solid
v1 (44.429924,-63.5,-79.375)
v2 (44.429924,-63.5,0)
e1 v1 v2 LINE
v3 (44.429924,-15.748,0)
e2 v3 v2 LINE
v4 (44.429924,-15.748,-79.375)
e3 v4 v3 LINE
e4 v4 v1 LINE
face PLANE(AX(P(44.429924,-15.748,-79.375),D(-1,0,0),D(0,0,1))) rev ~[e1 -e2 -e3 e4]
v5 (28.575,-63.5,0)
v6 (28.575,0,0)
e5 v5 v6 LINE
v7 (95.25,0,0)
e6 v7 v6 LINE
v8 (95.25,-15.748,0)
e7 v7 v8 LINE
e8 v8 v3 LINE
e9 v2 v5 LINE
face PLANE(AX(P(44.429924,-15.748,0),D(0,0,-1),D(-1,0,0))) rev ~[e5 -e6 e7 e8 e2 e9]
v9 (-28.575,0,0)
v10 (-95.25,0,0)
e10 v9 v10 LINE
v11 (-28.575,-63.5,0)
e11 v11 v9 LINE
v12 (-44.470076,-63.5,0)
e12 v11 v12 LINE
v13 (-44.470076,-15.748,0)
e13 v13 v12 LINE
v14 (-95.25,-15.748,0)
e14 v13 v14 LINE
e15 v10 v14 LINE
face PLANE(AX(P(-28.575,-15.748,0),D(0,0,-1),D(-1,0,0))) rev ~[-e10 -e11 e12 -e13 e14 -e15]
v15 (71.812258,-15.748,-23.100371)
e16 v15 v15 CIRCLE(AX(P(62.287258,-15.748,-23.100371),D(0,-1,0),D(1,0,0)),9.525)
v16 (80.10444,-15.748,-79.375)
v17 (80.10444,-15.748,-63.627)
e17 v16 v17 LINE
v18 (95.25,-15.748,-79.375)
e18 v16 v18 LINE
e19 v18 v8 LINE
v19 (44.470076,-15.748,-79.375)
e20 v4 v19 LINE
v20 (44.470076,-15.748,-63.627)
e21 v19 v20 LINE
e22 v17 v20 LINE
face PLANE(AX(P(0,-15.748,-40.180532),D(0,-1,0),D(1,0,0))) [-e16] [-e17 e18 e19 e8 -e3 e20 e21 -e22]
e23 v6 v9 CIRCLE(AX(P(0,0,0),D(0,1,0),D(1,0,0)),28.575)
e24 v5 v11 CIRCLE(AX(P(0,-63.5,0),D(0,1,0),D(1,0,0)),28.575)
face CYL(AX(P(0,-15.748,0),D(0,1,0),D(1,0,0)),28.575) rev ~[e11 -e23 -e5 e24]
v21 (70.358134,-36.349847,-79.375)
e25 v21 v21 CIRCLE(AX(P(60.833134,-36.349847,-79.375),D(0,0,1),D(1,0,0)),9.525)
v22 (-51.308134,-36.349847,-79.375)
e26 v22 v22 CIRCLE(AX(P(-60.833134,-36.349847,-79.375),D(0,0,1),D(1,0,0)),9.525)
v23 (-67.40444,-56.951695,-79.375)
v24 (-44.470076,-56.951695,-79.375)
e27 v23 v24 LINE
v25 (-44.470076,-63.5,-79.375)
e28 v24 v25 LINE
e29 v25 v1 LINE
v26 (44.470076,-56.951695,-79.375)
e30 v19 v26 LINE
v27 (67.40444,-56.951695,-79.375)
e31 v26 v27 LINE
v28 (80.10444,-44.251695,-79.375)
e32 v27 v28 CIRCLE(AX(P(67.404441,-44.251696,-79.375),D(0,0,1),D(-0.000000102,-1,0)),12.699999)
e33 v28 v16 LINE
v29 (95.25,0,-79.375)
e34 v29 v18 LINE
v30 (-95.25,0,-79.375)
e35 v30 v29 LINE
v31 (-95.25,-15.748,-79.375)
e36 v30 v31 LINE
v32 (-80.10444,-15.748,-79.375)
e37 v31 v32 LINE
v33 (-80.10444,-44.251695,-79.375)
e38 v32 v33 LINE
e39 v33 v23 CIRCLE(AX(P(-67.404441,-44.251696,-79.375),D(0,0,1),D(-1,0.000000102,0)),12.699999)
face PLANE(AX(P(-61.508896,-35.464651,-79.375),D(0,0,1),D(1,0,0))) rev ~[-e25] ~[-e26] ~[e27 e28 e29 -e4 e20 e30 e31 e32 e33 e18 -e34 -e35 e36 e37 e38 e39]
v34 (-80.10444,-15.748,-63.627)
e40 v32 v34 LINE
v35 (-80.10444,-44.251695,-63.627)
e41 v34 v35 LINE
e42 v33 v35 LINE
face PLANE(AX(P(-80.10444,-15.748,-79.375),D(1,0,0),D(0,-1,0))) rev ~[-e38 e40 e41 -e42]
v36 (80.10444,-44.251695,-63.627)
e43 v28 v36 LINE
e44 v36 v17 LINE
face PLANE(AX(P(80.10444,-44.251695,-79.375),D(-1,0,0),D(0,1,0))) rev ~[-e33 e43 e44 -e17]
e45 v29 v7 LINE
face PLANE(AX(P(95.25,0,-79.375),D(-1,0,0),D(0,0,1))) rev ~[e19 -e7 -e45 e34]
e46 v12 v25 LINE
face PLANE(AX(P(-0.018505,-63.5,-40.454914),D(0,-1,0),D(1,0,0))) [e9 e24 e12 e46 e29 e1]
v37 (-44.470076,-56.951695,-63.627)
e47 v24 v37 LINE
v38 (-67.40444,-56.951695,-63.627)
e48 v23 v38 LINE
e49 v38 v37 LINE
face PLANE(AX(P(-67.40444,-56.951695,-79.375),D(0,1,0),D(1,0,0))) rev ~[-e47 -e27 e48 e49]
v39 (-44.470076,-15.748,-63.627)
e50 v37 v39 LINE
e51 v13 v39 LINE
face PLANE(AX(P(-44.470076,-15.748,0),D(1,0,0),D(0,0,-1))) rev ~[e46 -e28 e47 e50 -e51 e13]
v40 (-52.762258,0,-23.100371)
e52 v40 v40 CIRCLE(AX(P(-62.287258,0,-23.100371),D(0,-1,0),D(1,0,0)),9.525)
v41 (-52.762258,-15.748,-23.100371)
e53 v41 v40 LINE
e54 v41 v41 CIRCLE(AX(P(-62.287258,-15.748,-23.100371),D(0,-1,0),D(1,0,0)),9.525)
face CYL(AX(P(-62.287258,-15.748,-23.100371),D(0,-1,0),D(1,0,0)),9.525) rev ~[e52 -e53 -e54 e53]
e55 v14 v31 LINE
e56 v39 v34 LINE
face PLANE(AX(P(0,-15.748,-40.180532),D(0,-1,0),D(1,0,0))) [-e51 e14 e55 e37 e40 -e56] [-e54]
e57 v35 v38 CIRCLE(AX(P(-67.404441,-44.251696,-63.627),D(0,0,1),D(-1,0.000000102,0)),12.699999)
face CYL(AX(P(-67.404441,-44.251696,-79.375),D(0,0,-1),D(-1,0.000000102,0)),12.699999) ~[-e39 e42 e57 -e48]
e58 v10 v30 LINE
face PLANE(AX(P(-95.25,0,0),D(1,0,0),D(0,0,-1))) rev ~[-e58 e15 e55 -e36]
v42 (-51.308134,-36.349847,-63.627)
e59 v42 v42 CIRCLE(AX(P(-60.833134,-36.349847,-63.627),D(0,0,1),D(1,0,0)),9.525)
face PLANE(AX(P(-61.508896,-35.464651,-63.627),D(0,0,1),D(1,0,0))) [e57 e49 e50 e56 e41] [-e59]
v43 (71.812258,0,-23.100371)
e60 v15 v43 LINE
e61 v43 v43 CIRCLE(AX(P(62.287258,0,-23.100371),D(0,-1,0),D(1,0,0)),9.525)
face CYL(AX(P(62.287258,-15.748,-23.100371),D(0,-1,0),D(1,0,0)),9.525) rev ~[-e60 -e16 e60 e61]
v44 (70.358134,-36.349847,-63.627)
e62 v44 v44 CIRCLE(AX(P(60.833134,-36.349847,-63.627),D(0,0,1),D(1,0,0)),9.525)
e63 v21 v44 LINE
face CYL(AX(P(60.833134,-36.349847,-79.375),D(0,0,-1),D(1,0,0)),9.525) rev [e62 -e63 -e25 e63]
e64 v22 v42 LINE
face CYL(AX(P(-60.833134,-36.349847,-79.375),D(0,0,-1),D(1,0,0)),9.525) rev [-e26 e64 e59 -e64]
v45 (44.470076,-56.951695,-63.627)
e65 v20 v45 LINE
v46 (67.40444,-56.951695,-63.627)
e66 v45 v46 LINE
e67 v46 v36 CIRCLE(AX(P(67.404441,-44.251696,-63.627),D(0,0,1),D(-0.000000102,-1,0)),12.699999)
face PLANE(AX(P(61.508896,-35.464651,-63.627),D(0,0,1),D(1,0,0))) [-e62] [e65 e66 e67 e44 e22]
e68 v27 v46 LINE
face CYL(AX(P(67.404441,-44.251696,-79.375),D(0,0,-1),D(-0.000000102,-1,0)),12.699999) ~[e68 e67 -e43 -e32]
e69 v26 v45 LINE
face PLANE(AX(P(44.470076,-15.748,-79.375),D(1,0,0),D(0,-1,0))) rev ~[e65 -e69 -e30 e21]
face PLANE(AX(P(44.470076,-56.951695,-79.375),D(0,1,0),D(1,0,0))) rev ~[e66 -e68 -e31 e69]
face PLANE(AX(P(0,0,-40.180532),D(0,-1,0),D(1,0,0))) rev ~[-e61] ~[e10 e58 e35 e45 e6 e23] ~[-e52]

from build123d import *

# Parameters (mm, degrees)
F1_DEPTH = 15.748
F4_DEPTH = 47.752
F6_R     = 9.525
F7_DEPTH = 15.748
F8_R     = 9.525
F9_DEPTH = 25.4


with BuildPart() as f1:
    # F0 (on Front) → F1 (new body)
    with BuildSketch(Plane.XZ):
        with BuildLine():
            ThreePointArc((28.575, 0), (0, -28.575), (-28.575, 0))
            Line((-28.575, 0), (-95.25, 0))
            Line((-95.25, 0), (-95.25, -79.375))
            Line((-95.25, -79.375), (95.25, -79.375))
            Line((95.25, -79.375), (95.25, 0))
            Line((95.25, 0), (28.575, 0))
        make_face()
    extrude(amount=F1_DEPTH)

    # F2 (on face) → F4 (join)
    with BuildSketch(Plane.XZ.offset(15.748)):
        with BuildLine():
            Line((-28.575, 0), (-44.470076, 0))
            Line((-44.470076, 0), (-44.470076, -79.375))
            Line((-44.470076, -79.375), (44.429924, -79.375))
            Line((44.429924, -79.375), (44.429924, 0))
            Line((44.429924, 0), (28.575, 0))
            ThreePointArc((28.575, 0), (0, -28.575), (-28.575, 0))
        make_face()
    extrude(amount=F4_DEPTH)

    # F6 (on offset) → F7 (join)
    with BuildSketch(Plane.XY.offset(-79.375)):
        with BuildLine():
            Line((-44.470076, -15.748), (-80.10444, -15.748))
            Line((-80.10444, -15.748), (-80.10444, -44.251695))
            ThreePointArc((-80.10444, -44.251695), (-76.384697, -53.231951), (-67.40444, -56.951695))
            Line((-67.40444, -56.951695), (-44.470076, -56.951695))
            Line((-44.470076, -56.951695), (-44.470076, -15.748))
        make_face()
        with Locations((-60.833134, -36.349847)):
            Circle(F6_R, mode=Mode.SUBTRACT)
        with BuildLine():
            ThreePointArc((67.40444, -56.951695), (76.384697, -53.231951), (80.10444, -44.251695))
            Line((80.10444, -44.251695), (80.10444, -15.748))
            Line((80.10444, -15.748), (44.470076, -15.748))
            Line((44.470076, -15.748), (44.470076, -56.951695))
            Line((44.470076, -56.951695), (67.40444, -56.951695))
        make_face()
        with Locations((60.833134, -36.349847)):
            Circle(F6_R, mode=Mode.SUBTRACT)
    extrude(amount=F7_DEPTH)

    # F8 (on face) → F9 (cut)
    with BuildSketch(Plane.XZ.offset(15.748)):
        with Locations((62.287258, -23.100371)):
            Circle(F8_R)
        with Locations((-62.287258, -23.100371)):
            Circle(F8_R)
    extrude(amount=-F9_DEPTH, mode=Mode.SUBTRACT)


solid = f1.part
